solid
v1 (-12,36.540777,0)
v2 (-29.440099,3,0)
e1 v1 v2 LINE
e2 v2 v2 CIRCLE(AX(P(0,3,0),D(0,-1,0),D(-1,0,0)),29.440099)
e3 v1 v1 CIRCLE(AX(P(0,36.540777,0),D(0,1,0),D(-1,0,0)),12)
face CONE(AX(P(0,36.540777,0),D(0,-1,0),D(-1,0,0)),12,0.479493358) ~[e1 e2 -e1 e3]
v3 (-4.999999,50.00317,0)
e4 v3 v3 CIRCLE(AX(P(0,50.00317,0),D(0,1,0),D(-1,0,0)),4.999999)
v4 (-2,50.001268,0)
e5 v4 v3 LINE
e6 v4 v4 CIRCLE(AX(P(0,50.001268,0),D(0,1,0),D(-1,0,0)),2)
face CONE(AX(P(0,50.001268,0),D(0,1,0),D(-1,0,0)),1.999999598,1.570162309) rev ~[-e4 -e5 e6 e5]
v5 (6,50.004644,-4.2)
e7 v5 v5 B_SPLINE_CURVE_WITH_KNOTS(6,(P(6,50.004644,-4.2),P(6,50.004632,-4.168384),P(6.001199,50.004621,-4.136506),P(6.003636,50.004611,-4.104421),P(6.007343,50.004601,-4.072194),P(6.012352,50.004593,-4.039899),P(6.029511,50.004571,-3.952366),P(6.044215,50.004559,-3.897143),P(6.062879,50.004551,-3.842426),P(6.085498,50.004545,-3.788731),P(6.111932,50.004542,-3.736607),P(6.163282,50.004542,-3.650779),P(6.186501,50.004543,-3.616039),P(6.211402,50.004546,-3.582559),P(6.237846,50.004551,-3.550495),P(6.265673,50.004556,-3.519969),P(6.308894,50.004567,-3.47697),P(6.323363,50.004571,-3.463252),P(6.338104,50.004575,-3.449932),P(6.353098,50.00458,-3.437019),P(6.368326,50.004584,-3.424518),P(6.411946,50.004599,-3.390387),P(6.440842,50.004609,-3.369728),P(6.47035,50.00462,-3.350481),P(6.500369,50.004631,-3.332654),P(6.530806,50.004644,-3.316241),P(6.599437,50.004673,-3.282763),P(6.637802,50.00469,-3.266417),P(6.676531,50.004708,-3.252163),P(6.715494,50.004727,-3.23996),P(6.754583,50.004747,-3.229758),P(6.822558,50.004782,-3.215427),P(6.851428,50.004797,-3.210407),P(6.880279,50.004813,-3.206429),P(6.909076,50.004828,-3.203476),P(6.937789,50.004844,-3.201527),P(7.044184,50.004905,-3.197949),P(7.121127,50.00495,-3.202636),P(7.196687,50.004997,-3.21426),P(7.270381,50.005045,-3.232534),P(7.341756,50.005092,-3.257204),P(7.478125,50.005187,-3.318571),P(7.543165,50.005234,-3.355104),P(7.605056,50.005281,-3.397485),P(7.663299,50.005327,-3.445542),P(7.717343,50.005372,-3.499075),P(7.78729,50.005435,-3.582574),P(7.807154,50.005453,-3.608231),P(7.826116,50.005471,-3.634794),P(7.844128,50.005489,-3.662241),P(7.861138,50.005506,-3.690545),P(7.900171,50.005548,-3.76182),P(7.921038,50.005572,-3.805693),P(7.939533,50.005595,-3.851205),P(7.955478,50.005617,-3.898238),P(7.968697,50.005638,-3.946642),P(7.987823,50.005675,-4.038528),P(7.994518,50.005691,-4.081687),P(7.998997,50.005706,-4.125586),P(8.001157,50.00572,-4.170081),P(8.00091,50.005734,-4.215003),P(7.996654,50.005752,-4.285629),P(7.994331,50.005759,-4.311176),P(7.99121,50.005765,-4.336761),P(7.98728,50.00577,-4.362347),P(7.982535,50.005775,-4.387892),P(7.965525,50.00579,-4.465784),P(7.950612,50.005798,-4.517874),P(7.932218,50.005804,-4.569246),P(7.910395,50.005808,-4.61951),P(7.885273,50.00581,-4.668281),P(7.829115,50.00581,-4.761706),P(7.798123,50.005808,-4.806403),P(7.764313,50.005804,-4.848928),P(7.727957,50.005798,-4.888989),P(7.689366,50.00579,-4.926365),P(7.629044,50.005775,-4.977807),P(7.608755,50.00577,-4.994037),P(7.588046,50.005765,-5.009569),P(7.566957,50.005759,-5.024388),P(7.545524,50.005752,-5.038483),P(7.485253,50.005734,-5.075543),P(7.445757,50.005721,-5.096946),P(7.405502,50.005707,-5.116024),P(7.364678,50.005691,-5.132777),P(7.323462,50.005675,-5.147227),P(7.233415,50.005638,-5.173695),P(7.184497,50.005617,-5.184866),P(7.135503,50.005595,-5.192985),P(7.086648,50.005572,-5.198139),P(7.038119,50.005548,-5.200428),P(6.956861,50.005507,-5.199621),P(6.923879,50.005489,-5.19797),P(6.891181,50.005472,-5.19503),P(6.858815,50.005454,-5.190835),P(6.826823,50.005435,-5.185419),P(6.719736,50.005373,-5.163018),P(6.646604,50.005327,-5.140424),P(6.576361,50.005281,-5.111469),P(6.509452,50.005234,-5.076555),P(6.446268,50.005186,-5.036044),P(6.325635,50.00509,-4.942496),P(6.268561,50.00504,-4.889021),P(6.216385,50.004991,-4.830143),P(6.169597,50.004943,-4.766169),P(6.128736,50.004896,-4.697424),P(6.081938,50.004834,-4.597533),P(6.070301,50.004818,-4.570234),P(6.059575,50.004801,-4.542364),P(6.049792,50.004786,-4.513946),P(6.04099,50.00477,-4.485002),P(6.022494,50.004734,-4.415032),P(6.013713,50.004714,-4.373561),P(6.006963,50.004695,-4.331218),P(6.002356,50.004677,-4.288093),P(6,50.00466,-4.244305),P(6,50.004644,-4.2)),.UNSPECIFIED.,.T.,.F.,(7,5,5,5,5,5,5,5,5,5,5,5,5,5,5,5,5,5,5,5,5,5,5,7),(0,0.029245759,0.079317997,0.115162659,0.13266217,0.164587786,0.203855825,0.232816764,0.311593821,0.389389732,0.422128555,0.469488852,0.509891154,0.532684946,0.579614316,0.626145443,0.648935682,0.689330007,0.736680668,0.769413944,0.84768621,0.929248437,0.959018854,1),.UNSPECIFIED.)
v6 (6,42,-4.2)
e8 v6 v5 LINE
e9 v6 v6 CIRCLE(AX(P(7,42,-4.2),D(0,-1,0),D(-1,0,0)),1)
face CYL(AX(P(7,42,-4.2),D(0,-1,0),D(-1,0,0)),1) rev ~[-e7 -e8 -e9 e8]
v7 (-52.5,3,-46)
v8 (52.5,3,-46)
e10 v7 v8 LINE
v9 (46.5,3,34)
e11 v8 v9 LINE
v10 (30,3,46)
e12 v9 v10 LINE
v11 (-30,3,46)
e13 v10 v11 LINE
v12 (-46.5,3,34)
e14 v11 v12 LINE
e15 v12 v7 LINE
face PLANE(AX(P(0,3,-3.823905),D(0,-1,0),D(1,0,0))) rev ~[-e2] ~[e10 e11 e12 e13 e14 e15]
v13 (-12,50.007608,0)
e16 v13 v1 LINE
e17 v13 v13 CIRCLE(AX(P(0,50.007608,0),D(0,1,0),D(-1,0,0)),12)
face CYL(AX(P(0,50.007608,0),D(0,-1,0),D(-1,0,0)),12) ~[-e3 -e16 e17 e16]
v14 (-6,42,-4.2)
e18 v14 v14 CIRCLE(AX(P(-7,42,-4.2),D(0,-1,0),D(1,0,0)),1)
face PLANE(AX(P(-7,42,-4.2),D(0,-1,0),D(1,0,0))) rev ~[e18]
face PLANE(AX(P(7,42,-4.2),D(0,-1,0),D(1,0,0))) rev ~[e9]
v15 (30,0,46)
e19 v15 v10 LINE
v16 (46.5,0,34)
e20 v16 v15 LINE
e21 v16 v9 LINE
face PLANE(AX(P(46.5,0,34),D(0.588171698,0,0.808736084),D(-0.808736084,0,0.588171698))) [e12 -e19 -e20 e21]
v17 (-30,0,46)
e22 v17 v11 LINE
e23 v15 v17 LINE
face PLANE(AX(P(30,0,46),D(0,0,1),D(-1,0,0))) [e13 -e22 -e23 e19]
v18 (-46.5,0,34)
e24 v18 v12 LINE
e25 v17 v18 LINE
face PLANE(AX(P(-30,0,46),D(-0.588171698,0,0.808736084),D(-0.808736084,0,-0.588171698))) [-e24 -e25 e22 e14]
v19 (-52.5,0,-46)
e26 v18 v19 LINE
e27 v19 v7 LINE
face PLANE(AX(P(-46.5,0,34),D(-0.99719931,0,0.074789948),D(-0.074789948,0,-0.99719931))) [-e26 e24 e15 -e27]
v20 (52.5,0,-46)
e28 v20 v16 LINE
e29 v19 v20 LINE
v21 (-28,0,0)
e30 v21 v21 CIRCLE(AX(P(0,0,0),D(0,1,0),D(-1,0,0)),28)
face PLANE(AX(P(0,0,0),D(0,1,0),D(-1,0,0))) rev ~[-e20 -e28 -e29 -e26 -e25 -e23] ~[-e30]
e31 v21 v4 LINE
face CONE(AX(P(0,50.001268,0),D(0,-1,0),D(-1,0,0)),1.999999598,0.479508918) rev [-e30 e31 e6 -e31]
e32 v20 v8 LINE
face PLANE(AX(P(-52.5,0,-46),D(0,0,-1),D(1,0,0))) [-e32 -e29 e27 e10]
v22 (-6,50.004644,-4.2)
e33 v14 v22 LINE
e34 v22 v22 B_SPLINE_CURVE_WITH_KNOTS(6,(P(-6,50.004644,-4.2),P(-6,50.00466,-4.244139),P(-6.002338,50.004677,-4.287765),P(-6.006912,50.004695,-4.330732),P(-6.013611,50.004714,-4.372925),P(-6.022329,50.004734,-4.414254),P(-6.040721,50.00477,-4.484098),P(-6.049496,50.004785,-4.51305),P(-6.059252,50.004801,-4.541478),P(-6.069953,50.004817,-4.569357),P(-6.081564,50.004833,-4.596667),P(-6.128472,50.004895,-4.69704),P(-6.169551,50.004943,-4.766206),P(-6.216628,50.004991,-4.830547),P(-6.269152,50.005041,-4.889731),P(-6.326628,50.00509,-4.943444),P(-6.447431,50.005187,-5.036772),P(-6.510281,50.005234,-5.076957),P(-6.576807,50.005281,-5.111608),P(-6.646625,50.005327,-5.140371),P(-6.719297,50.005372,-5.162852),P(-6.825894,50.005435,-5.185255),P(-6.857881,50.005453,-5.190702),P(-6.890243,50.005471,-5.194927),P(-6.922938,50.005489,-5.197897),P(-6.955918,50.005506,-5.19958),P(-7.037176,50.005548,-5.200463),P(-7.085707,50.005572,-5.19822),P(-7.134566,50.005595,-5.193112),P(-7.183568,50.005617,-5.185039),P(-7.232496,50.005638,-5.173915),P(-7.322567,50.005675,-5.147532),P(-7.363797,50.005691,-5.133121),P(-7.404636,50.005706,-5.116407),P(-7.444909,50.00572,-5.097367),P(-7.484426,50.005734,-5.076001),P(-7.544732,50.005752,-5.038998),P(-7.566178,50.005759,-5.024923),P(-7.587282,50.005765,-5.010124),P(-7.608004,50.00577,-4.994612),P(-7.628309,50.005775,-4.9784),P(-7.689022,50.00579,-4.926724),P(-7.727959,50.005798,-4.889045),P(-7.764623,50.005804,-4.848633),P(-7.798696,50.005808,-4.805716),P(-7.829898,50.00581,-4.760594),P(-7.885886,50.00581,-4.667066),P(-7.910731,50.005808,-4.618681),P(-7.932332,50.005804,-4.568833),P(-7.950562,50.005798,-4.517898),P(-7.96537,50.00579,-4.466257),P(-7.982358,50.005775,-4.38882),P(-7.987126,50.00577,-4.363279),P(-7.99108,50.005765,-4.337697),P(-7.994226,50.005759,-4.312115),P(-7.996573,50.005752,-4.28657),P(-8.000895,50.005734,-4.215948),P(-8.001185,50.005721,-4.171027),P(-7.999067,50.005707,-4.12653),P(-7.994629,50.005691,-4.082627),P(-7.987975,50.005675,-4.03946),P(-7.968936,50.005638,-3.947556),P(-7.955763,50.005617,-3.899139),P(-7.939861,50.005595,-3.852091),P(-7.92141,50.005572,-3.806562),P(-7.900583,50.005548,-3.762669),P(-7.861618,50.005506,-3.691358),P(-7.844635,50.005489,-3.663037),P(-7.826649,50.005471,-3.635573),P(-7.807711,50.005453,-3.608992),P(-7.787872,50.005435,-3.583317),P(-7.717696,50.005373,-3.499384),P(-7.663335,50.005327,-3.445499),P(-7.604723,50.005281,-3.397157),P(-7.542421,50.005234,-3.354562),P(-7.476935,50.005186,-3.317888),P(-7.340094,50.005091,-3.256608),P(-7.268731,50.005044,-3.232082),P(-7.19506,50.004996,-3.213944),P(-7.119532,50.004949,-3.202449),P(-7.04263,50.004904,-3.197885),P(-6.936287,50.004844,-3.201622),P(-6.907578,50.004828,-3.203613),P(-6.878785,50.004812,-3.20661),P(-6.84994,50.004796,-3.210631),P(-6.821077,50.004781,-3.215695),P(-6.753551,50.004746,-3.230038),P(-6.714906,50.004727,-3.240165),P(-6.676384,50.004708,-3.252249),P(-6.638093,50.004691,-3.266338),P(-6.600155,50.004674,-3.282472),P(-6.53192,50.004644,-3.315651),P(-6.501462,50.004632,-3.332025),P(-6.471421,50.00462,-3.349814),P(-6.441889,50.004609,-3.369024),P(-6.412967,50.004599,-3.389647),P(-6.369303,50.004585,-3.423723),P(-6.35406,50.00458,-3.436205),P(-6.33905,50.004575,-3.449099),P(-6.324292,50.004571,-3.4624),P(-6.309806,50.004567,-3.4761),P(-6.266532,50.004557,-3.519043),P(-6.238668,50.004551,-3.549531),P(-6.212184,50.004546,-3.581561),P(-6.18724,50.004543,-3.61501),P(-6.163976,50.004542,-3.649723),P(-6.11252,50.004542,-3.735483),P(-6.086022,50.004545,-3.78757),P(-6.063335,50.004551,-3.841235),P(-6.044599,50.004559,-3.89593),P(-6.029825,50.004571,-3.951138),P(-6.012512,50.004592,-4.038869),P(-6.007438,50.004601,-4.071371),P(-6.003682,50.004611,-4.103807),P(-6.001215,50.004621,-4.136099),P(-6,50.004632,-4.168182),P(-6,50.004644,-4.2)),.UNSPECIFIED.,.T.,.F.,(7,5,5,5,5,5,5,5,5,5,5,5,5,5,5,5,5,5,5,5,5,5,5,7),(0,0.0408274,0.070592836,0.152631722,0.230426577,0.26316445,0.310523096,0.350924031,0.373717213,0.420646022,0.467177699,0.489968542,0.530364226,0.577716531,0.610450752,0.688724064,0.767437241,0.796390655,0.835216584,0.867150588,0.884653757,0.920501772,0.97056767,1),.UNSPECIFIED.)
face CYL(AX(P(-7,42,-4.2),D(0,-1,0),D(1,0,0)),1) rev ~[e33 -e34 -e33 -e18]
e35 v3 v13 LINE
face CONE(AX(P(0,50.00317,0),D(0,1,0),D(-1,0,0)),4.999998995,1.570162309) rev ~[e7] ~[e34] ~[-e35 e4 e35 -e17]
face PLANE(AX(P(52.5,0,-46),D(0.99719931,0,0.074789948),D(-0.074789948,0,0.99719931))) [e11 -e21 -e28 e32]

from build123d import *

# Parameters (mm, degrees)
F0_R     = 1
F1_DEPTH = 3
F5_START = -42
F5_DEPTH = 9


with BuildPart() as f1:
    # F0 (on Front) → F1 (new body)
    with BuildSketch(Plane.XZ):
        Polygon((-52.5, -46), (52.5, -46), (46.5, 34), (30, 46), (-30, 46), (-46.5, 34), align=None)
        with Locations((-7, -4.2)):
            Circle(F0_R, mode=Mode.SUBTRACT)
        with BuildLine():
            ThreePointArc((8, -4.2), (7, -5.2), (6, -4.2))
            ThreePointArc((6, -4.2), (7, -3.2), (8, -4.2))
        make_face(mode=Mode.SUBTRACT)
    extrude(amount=-F1_DEPTH)

    # F2 (on Top) → F3 (revolve)
    with BuildSketch(Plane.XY):
        Polygon((-28, 0), (-1.999999598, 50.0012680348), (-4.9999989951, 50.0031700871), (-12, 36.5407767282), (-31, 0), align=None)
        Polygon((-12, 36.5407767282), (-4.9999989951, 50.0031700871), (-12, 50.0076082106), align=None)
    revolve(axis=Axis((0, 25, 0), (0, 1, 0)))

    # F2 (on Top) → F4 (revolve, cut)
    with BuildSketch(Plane.XY):
        Polygon((-20, 0), (-2, 0), (-1.999999598, 50.0012680348), (-28, 0), (-22, 0), align=None)
        Polygon((-2, 0), (0, 0), (0, 50), (-1.999999598, 50.0012680348), align=None)
    revolve(axis=Axis((0, 50.0012680348, 0), (0, 1, 0)), mode=Mode.SUBTRACT)

    # F0 (on Front) → F5 (cut)
    with BuildSketch(Plane.XZ.offset(F5_START)):
        with BuildLine():
            ThreePointArc((8, -4.2), (7, -3.2), (6, -4.2))
            ThreePointArc((6, -4.2), (7, -5.2), (8, -4.2))
        make_face()
        with Locations((-7, -4.2)):
            Circle(F0_R)
    extrude(amount=-F5_DEPTH, mode=Mode.SUBTRACT)


solid = f1.part
